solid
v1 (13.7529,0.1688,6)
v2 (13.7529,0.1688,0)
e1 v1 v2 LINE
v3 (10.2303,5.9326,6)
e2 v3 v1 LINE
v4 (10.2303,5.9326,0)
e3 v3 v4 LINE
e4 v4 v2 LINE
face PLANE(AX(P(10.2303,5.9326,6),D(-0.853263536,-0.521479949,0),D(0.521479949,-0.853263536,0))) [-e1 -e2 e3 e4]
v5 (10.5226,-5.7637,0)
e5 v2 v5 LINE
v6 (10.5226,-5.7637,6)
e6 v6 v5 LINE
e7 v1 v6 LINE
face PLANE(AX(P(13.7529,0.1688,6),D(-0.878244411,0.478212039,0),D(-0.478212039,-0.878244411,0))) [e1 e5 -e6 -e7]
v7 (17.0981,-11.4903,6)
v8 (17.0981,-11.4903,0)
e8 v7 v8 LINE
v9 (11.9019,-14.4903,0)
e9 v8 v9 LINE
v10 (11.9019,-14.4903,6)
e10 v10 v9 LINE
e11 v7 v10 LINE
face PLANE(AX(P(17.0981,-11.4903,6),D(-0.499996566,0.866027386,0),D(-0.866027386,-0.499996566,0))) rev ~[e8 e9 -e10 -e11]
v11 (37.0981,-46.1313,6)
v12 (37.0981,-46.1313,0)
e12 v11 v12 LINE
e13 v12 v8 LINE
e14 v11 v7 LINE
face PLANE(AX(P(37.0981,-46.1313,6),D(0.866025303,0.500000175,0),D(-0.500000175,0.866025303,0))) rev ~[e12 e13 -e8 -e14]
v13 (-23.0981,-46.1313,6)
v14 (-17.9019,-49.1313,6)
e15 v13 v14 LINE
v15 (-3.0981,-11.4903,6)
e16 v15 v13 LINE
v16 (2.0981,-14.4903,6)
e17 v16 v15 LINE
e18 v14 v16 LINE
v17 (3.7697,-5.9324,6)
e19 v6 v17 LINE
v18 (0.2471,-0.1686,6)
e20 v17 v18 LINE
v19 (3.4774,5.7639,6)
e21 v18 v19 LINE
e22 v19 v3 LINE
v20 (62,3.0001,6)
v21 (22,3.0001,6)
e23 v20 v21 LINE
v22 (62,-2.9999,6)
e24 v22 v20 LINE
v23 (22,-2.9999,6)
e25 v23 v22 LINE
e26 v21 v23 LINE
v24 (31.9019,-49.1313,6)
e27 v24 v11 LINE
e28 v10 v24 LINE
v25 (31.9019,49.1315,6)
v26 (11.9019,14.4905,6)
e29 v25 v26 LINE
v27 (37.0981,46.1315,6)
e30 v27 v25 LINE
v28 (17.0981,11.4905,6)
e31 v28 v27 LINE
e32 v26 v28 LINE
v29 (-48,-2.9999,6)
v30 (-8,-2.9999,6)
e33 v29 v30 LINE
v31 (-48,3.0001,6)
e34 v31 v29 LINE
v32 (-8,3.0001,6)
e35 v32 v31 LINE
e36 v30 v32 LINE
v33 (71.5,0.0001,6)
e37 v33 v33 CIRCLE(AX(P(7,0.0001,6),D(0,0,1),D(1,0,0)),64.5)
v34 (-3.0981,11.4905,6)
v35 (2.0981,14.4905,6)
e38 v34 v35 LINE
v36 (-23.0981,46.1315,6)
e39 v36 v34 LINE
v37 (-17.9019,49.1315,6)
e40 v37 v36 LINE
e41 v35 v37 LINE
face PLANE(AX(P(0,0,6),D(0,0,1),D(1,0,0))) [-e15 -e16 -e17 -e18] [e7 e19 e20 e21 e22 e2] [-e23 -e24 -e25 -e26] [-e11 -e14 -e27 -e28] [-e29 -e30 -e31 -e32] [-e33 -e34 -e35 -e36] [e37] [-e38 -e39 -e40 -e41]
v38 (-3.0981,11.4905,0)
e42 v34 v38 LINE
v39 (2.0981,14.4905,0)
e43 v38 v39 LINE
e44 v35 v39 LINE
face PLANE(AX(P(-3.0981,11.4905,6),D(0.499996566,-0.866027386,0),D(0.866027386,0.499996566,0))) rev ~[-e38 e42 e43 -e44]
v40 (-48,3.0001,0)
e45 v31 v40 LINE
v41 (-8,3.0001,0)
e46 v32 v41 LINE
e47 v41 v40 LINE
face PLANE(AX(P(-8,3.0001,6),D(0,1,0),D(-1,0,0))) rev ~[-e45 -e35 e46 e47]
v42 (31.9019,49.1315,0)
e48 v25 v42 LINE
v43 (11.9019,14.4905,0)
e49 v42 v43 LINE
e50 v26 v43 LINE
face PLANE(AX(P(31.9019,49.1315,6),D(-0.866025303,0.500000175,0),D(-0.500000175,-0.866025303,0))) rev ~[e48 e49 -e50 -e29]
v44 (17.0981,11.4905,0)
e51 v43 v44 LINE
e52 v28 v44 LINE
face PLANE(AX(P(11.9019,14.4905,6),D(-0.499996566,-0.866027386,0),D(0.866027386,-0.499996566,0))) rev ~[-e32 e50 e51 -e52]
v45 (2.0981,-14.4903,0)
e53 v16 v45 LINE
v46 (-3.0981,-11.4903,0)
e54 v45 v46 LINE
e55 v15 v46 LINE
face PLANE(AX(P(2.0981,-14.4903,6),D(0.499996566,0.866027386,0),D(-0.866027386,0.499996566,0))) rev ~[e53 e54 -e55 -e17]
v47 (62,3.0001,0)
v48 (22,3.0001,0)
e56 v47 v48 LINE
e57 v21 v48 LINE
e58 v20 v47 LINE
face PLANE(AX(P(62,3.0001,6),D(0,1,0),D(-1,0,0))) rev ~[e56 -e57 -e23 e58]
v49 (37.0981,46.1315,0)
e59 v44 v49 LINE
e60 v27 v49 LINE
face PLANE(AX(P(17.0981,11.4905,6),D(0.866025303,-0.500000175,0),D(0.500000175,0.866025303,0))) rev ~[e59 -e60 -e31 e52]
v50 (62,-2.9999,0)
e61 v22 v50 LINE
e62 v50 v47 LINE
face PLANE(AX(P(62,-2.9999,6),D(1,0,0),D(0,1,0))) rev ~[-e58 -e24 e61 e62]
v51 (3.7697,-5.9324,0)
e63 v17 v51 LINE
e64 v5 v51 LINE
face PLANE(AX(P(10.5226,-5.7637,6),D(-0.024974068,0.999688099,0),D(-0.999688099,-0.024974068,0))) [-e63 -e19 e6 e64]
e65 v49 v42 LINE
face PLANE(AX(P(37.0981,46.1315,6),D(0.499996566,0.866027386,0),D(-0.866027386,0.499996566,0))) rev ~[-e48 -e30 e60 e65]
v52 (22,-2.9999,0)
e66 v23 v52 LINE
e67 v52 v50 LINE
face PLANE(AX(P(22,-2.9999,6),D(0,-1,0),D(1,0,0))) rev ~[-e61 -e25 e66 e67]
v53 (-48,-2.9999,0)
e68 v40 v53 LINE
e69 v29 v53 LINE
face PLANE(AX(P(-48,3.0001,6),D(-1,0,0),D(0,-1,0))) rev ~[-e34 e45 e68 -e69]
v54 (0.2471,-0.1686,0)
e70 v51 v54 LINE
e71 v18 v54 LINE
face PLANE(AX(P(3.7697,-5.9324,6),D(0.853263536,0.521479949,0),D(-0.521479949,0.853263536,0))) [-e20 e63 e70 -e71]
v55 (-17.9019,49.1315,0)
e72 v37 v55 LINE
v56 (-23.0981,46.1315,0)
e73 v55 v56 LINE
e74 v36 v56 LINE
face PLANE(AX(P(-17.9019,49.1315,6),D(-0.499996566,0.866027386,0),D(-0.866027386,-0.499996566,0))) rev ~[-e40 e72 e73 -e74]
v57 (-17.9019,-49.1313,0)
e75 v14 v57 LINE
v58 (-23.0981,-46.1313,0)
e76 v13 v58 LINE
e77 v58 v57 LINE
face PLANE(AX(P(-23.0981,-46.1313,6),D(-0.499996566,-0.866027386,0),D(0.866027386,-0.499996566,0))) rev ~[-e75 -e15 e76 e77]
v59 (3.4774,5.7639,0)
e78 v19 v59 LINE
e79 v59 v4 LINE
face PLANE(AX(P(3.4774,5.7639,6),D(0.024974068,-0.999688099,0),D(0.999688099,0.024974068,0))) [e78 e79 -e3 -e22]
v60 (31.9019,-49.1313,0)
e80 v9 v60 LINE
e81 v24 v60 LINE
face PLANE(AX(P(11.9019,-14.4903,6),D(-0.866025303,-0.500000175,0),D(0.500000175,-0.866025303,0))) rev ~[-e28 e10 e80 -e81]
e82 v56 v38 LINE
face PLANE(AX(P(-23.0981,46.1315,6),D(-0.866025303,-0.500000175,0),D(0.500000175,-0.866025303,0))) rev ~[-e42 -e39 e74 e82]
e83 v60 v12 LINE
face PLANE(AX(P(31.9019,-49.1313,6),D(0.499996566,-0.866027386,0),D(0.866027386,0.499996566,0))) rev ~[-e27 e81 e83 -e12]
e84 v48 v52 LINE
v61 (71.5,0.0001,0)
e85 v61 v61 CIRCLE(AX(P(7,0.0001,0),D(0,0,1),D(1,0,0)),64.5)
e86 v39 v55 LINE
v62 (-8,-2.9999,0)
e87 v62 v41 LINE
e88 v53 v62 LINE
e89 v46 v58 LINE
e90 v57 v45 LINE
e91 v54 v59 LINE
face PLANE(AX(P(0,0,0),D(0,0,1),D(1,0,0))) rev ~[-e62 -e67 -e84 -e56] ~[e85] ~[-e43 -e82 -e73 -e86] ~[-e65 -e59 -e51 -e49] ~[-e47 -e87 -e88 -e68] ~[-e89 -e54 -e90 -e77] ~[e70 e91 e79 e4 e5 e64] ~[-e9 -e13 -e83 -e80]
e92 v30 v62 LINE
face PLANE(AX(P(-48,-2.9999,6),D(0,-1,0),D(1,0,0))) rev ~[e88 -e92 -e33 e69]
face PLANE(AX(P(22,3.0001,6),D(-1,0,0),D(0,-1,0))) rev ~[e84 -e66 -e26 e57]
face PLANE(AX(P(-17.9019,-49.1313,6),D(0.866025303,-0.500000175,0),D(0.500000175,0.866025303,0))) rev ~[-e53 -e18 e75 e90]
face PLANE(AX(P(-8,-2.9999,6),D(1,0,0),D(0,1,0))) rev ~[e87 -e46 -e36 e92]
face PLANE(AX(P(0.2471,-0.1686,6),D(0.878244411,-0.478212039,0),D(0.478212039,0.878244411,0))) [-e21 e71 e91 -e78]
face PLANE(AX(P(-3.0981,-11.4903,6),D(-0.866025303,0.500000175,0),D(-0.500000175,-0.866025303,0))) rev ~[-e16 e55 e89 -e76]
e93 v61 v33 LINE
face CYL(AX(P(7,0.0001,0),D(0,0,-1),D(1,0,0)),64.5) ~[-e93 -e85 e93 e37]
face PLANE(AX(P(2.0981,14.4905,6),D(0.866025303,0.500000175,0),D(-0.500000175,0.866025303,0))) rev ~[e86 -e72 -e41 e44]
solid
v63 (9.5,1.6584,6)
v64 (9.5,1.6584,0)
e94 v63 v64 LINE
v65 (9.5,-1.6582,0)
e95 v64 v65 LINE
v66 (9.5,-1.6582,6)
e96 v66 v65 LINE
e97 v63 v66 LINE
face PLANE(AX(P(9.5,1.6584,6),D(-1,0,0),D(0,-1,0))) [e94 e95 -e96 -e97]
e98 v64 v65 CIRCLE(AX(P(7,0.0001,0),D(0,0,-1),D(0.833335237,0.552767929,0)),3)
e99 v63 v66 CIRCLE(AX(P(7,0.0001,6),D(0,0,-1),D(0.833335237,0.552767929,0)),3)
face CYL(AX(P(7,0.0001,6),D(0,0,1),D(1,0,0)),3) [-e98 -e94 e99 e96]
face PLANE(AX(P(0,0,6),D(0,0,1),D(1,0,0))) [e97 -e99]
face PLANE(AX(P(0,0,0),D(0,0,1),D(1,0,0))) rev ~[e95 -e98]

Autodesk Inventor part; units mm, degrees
ref_plane "YZ Plane" through (0, 0, 0) normal (1, 0, 0) x (0, 1, 0)
ref_plane "XZ Plane" through (0, 0, 0) normal (0, 1, 0) x (-1, 0, 0)
ref_plane "XY Plane" through (0, 0, 0) normal (0, 0, 1) x (1, 0, 0)
sketch "Эскиз1" plane through (0, 0, 0) normal (0, 0, 1) x (1, 0, 0)
  circle A0 centre (7, 0.0001) radius 3 projected
  circle A1 centre (7, 0.0001) radius 64.5
  point P0 (0, 0)
  dimension "d0" = 129
extrude "Выдавливание1" add sketch "Эскиз1" along normal blind 6
sketch "Эскиз2" plane through (7, 0.0001, 6) normal (0, 0, 1) x (1, 0, 0)
  circle A0 centre (0, 0) radius 3 projected
  circle A1 centre (0, 0) radius 3 projected
  line L0 (2.5, 1.6583) -> (2.5, -1.6583)
  point P0 (-7, -0.0001)
  dimension "d3" = 2.5
extrude "Выдавливание2" add sketch "Эскиз2" against normal blind 6 contours A0 L0 picked at (2.5914, -0.3806)
sketch "Эскиз3" plane through (7, 0.0001, 6) normal (0, 0, 1) x (1, 0, 0)
  line L0 (55, 3) -> (15, 3)
  line L1 (15, 3) -> (15, -3)
  line L2 (15, -3) -> (55, -3)
  line L3 (55, -3) -> (55, 3)
  circle A0 centre (0, 0) radius 3 projected
  line L4 (24.9019, 49.1314) -> (4.9019, 14.4904)
  line L5 (4.9019, 14.4904) -> (10.0981, 11.4904)
  line L6 (10.0981, 11.4904) -> (30.0981, 46.1314)
  line L7 (30.0981, 46.1314) -> (24.9019, 49.1314)
  line L8 (-30.0981, 46.1314) -> (-10.0981, 11.4904)
  line L9 (-10.0981, 11.4904) -> (-4.9019, 14.4904)
  line L10 (-4.9019, 14.4904) -> (-24.9019, 49.1314)
  line L11 (-24.9019, 49.1314) -> (-30.0981, 46.1314)
  line L12 (-55, -3) -> (-15, -3)
  line L13 (-15, -3) -> (-15, 3)
  line L14 (-15, 3) -> (-55, 3)
  line L15 (-55, 3) -> (-55, -3)
  line L16 (-24.9019, -49.1314) -> (-4.9019, -14.4904)
  line L17 (-4.9019, -14.4904) -> (-10.0981, -11.4904)
  line L18 (-10.0981, -11.4904) -> (-30.0981, -46.1314)
  line L19 (-30.0981, -46.1314) -> (-24.9019, -49.1314)
  line L20 (30.0981, -46.1314) -> (10.0981, -11.4904)
  line L21 (10.0981, -11.4904) -> (4.9019, -14.4904)
  line L22 (4.9019, -14.4904) -> (24.9019, -49.1314)
  line L23 (24.9019, -49.1314) -> (30.0981, -46.1314)
  point P0 (-7, -0.0001)
  dimension "d6" = 40
  dimension "d7" = 15
  dimension "d8" = 6
  dimension "d9" = 3
  dimension "d12" = 360
extrude "Выдавливание3" cut sketch "Эскиз3" against normal blind 6 contours L3 L2 L1 L0 | L7 L6 L5 L4 | L11 L10 L9 L8 | L15 L14 L13 L12 | L19 L18 L17 L16 | L23 L22 L21 L20
sketch "Эскиз4" plane through (7, 0.0001, 6) normal (0, 0, 1) x (1, 0, 0)
  circle A0 centre (0, 0) radius 3 projected
  line L0 (3.2303, 5.9325) -> (6.7529, 0.1687)
  line L1 (6.7529, 0.1687) -> (3.5226, -5.7638)
  line L2 (3.5226, -5.7638) -> (-3.2303, -5.9325)
  line L3 (-3.2303, -5.9325) -> (-6.7529, -0.1687)
  line L4 (-6.7529, -0.1687) -> (-3.5226, 5.7638)
  line L5 (-3.5226, 5.7638) -> (3.2303, 5.9325)
  point P0 (-7, -0.0001)
  dimension "d16" = 11.7
extrude "Выдавливание4" cut sketch "Эскиз4" against normal blind 6
properties part number "Барабан"
